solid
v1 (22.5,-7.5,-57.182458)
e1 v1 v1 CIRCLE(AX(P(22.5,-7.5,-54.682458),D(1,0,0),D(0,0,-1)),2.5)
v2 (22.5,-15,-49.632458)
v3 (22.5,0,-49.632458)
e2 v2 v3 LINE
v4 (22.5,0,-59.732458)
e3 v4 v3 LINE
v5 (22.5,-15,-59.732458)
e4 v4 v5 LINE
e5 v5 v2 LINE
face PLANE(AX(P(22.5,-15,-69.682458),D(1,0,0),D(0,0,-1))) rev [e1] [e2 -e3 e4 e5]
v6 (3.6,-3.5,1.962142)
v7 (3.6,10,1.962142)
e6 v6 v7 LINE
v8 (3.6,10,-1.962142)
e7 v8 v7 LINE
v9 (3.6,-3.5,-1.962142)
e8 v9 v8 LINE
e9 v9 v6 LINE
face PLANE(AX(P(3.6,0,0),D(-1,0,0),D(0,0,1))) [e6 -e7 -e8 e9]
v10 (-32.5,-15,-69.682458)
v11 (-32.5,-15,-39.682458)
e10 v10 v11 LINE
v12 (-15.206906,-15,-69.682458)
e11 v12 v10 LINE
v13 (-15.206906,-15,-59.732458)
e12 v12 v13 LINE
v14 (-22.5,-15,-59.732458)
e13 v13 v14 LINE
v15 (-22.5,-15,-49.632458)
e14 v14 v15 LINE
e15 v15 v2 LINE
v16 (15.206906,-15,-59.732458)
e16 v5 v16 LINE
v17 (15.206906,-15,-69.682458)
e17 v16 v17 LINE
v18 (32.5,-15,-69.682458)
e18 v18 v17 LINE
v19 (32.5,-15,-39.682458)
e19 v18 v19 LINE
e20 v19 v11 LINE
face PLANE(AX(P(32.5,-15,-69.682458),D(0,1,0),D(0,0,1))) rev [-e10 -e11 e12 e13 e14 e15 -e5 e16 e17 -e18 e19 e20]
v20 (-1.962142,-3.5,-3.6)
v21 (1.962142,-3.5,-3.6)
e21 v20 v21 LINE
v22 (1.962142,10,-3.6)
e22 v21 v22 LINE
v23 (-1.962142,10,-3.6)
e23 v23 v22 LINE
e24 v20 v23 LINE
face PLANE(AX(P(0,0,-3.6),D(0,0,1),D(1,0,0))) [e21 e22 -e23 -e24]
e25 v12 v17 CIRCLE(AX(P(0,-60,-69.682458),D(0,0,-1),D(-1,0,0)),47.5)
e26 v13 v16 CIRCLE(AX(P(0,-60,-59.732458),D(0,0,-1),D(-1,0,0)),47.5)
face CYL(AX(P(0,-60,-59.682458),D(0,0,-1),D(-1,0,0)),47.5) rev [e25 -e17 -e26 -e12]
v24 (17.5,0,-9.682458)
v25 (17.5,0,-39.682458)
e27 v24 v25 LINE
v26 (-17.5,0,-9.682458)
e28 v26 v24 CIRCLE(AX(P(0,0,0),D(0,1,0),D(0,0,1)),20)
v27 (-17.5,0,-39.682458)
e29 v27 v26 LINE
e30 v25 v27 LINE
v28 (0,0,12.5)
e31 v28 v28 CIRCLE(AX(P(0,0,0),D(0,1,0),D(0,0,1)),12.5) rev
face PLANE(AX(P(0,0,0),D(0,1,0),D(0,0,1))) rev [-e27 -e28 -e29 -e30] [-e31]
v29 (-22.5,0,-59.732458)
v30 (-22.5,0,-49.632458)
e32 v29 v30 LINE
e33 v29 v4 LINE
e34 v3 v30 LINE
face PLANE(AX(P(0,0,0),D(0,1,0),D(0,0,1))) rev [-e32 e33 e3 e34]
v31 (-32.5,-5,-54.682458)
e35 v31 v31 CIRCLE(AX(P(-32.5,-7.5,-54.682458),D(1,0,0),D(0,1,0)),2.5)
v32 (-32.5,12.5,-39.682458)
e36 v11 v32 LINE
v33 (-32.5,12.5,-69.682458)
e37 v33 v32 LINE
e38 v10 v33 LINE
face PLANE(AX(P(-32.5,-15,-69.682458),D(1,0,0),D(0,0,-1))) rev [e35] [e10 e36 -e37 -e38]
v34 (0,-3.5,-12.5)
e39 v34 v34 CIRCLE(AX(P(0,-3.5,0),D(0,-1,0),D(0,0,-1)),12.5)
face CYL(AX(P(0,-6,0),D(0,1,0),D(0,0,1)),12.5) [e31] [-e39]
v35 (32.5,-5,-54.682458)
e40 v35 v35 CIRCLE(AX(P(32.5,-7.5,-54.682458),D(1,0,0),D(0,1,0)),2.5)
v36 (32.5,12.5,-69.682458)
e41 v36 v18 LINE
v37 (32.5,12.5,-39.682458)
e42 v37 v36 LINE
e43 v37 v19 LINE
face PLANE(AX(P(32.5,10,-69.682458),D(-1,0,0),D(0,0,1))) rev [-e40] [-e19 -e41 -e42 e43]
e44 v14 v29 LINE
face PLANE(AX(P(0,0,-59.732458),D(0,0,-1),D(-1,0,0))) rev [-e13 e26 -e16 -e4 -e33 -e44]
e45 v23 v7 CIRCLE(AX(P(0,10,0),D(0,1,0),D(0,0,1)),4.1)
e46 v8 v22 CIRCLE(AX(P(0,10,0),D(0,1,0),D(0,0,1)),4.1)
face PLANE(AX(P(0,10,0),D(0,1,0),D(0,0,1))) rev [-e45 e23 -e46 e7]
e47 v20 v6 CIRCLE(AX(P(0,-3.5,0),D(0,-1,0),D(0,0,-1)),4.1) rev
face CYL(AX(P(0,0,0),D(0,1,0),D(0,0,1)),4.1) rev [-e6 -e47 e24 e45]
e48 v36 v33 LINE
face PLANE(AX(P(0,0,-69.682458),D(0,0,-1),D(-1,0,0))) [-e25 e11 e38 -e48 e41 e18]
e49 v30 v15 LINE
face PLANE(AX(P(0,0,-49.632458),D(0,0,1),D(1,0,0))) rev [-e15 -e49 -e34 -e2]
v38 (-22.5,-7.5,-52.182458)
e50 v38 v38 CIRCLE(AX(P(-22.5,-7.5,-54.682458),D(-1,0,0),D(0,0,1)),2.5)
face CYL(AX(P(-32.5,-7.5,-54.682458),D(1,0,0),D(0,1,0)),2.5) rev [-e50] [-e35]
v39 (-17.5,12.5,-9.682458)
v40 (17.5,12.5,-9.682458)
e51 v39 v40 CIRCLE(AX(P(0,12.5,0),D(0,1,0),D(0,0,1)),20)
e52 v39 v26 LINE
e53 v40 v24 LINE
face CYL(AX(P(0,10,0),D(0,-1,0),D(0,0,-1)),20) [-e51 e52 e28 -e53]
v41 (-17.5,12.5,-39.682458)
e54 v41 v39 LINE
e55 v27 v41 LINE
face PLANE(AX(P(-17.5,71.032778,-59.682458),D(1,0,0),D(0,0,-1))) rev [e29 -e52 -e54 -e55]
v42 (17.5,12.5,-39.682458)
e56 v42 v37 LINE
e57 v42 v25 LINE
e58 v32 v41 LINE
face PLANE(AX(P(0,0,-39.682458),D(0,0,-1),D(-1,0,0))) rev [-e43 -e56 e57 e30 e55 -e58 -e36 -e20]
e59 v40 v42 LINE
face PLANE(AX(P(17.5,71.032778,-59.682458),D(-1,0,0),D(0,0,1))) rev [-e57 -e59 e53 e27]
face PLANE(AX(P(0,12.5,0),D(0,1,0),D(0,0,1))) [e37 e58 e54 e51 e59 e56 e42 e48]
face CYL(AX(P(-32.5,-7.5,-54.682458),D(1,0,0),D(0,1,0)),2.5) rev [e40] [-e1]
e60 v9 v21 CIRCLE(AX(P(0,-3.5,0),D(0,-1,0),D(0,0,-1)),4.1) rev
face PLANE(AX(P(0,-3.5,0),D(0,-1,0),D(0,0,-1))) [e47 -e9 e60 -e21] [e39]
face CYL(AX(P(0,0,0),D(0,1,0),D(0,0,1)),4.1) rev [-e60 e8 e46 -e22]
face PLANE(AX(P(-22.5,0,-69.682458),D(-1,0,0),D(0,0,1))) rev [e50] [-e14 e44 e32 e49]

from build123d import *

# Parameters (mm, degrees)
SKETCH1_R                = 20
BOSS_EXTRUDE1_DEPTH      = 10
CUT_EXTRUDE1_DEPTH       = 31
BOSS_EXTRUDE2_DEPTH      = 10
SKETCH5_R                = 12.5
BOSS_EXTRUDE3_DEPTH      = 6
BOSS_EXTRUDE4_DEPTH      = 10
BOSS_EXTRUDE4_DEPTH_BACK = 20
SKETCH7_R                = 2.5
CUT_EXTRUDE2_DEPTH       = 97.465771152
BOSS_EXTRUDE5_DEPTH      = 2.5
CUT_EXTRUDE3_START       = -2.5
SKETCH9_R                = 12.5
CUT_EXTRUDE3_DEPTH       = 2.5
SKETCH10_W               = 45
SKETCH10_H               = 15
BOSS_EXTRUDE6_DEPTH      = 9.95
SKETCH11_W               = 45
SKETCH11_H               = 15
BOSS_EXTRUDE7_DEPTH      = 9.95
SKETCH12_R               = 47.5
CUT_EXTRUDE4_DEPTH       = 10


with BuildPart() as part:
    # Sketch1 → Boss-Extrude1 (new body)
    with BuildSketch(Plane(origin=(0, 0, 0), x_dir=(1, 0, 0), z_dir=(0, 1, 0))):
        with Locations(Location((0, 0, 0), (0, 0, 270))):
            Circle(SKETCH1_R)
    extrude(amount=BOSS_EXTRUDE1_DEPTH)

    # Sketch2 → Cut-Extrude1 (cut, through all)
    with BuildSketch(Plane(origin=(0, 10, 0), x_dir=(1, 0, 0), z_dir=(0, 1, 0))):
        with BuildLine():
            Line((1.962141687, 3.6), (-1.962141687, 3.6))
            ThreePointArc((-1.962141687, 3.6), (-3.686980014, 1.793370675), (-4.043407712, -0.678862337))
            ThreePointArc((-4.043407712, -0.678862337), (-2.899137803, -2.899137803), (-0.678862337, -4.043407712))
            ThreePointArc((-0.678862337, -4.043407712), (1.793370675, -3.686980014), (3.6, -1.962141687))
            Line((3.6, -1.962141687), (3.6, 1.962141687))
            ThreePointArc((3.6, 1.962141687), (2.899137803, 2.899137803), (1.962141687, 3.6))
        make_face()
    extrude(amount=-CUT_EXTRUDE1_DEPTH, mode=Mode.SUBTRACT)

    # Sketch3 → Boss-Extrude2 (add)
    with BuildSketch(Plane(origin=(0, 0, 0), x_dir=(1, 0, 0), z_dir=(0, 1, 0))):
        with BuildLine():
            Line((-17.5, 59.682458366), (-17.5, 9.682458366))
            ThreePointArc((-17.5, 9.682458366), (0, 20), (17.5, 9.682458366))
            Line((17.5, 9.682458366), (17.5, 59.682458366))
            Line((17.5, 59.682458366), (-17.5, 59.682458366))
        make_face()
    extrude(amount=BOSS_EXTRUDE2_DEPTH)

    # Sketch5 → Boss-Extrude3 (add)
    with BuildSketch(Plane.XZ):
        with Locations(Location((0, 0, 0), (0, 0, 90))):
            Circle(SKETCH5_R)
        with BuildLine():
            Line((3.6, 1.962141687), (3.6, -1.962141687))
            ThreePointArc((3.6, -1.962141687), (2.899137803, -2.899137803), (1.962141687, -3.6))
            Line((1.962141687, -3.6), (-1.962141687, -3.6))
            ThreePointArc((-1.962141687, -3.6), (-2.899137803, 2.899137803), (3.6, 1.962141687))
        make_face(mode=Mode.SUBTRACT)
    extrude(amount=BOSS_EXTRUDE3_DEPTH)

    # Sketch6 → Boss-Extrude4 (add, two sides: drawn at the far end of the back side and taken through both)
    with BuildSketch(Plane(origin=(0, 0, -59.682458366), x_dir=(-1, 0, 0), z_dir=(0, 0, -1)).offset(-BOSS_EXTRUDE4_DEPTH_BACK)):
        Polygon((-32.5, 10), (32.5, 10), (32.5, -15), (22.5, -15), (22.5, 0), (-22.5, 0), (-22.5, -15), (-32.5, -15), align=None)
    extrude(amount=BOSS_EXTRUDE4_DEPTH + BOSS_EXTRUDE4_DEPTH_BACK)

    # Sketch7 → Cut-Extrude2 (cut, through all)
    with BuildSketch(Plane(origin=(32.5, 0, 0), x_dir=(0, 0, -1), z_dir=(1, 0, 0))):
        with Locations(Location((54.682458366, -7.5, 0), (0, 0, 90))):
            Circle(SKETCH7_R)
    extrude(amount=-CUT_EXTRUDE2_DEPTH, mode=Mode.SUBTRACT)

    # Sketch8 → Boss-Extrude5 (add)
    with BuildSketch(Plane(origin=(0, 10, 0), x_dir=(1, 0, 0), z_dir=(0, 1, 0))):
        with BuildLine():
            Line((-32.5, 69.682458366), (-32.5, 39.682458366))
            Line((-32.5, 39.682458366), (-17.5, 39.682458366))
            Line((-17.5, 39.682458366), (-17.5, 9.682458366))
            ThreePointArc((-17.5, 9.682458366), (0, -20), (17.5, 9.682458366))
            Line((17.5, 9.682458366), (17.5, 39.682458366))
            Line((17.5, 39.682458366), (32.5, 39.682458366))
            Line((32.5, 39.682458366), (32.5, 69.682458366))
            Line((32.5, 69.682458366), (-32.5, 69.682458366))
        make_face()
    extrude(amount=BOSS_EXTRUDE5_DEPTH)

    # Sketch9 → Cut-Extrude3 (cut)
    with BuildSketch(Plane.XZ.offset(6).offset(CUT_EXTRUDE3_START)):
        with Locations(Location((0, 0, 0), (0, 0, 90))):
            Circle(SKETCH9_R)
    extrude(amount=CUT_EXTRUDE3_DEPTH, mode=Mode.SUBTRACT)

    # Sketch10 → Boss-Extrude6 (add)
    with BuildSketch(Plane(origin=(0, 0, -69.682458366), x_dir=(-1, 0, 0), z_dir=(0, 0, -1))):
        with Locations((0, -7.5)):
            Rectangle(SKETCH10_W, SKETCH10_H)
    extrude(amount=-BOSS_EXTRUDE6_DEPTH)

    # Sketch11 → Boss-Extrude7 (add)
    with BuildSketch(Plane.XY.offset(-39.682458366)):
        with Locations((0, -7.5)):
            Rectangle(SKETCH11_W, SKETCH11_H)
    extrude(amount=-BOSS_EXTRUDE7_DEPTH)

    # Sketch12 → Cut-Extrude4 (cut)
    with BuildSketch(Plane(origin=(0, 0, -69.682458366), x_dir=(-1, 0, 0), z_dir=(0, 0, -1))):
        with Locations((0, -60)):
            Circle(SKETCH12_R)
    extrude(amount=-CUT_EXTRUDE4_DEPTH, mode=Mode.SUBTRACT)


solid = part.part
